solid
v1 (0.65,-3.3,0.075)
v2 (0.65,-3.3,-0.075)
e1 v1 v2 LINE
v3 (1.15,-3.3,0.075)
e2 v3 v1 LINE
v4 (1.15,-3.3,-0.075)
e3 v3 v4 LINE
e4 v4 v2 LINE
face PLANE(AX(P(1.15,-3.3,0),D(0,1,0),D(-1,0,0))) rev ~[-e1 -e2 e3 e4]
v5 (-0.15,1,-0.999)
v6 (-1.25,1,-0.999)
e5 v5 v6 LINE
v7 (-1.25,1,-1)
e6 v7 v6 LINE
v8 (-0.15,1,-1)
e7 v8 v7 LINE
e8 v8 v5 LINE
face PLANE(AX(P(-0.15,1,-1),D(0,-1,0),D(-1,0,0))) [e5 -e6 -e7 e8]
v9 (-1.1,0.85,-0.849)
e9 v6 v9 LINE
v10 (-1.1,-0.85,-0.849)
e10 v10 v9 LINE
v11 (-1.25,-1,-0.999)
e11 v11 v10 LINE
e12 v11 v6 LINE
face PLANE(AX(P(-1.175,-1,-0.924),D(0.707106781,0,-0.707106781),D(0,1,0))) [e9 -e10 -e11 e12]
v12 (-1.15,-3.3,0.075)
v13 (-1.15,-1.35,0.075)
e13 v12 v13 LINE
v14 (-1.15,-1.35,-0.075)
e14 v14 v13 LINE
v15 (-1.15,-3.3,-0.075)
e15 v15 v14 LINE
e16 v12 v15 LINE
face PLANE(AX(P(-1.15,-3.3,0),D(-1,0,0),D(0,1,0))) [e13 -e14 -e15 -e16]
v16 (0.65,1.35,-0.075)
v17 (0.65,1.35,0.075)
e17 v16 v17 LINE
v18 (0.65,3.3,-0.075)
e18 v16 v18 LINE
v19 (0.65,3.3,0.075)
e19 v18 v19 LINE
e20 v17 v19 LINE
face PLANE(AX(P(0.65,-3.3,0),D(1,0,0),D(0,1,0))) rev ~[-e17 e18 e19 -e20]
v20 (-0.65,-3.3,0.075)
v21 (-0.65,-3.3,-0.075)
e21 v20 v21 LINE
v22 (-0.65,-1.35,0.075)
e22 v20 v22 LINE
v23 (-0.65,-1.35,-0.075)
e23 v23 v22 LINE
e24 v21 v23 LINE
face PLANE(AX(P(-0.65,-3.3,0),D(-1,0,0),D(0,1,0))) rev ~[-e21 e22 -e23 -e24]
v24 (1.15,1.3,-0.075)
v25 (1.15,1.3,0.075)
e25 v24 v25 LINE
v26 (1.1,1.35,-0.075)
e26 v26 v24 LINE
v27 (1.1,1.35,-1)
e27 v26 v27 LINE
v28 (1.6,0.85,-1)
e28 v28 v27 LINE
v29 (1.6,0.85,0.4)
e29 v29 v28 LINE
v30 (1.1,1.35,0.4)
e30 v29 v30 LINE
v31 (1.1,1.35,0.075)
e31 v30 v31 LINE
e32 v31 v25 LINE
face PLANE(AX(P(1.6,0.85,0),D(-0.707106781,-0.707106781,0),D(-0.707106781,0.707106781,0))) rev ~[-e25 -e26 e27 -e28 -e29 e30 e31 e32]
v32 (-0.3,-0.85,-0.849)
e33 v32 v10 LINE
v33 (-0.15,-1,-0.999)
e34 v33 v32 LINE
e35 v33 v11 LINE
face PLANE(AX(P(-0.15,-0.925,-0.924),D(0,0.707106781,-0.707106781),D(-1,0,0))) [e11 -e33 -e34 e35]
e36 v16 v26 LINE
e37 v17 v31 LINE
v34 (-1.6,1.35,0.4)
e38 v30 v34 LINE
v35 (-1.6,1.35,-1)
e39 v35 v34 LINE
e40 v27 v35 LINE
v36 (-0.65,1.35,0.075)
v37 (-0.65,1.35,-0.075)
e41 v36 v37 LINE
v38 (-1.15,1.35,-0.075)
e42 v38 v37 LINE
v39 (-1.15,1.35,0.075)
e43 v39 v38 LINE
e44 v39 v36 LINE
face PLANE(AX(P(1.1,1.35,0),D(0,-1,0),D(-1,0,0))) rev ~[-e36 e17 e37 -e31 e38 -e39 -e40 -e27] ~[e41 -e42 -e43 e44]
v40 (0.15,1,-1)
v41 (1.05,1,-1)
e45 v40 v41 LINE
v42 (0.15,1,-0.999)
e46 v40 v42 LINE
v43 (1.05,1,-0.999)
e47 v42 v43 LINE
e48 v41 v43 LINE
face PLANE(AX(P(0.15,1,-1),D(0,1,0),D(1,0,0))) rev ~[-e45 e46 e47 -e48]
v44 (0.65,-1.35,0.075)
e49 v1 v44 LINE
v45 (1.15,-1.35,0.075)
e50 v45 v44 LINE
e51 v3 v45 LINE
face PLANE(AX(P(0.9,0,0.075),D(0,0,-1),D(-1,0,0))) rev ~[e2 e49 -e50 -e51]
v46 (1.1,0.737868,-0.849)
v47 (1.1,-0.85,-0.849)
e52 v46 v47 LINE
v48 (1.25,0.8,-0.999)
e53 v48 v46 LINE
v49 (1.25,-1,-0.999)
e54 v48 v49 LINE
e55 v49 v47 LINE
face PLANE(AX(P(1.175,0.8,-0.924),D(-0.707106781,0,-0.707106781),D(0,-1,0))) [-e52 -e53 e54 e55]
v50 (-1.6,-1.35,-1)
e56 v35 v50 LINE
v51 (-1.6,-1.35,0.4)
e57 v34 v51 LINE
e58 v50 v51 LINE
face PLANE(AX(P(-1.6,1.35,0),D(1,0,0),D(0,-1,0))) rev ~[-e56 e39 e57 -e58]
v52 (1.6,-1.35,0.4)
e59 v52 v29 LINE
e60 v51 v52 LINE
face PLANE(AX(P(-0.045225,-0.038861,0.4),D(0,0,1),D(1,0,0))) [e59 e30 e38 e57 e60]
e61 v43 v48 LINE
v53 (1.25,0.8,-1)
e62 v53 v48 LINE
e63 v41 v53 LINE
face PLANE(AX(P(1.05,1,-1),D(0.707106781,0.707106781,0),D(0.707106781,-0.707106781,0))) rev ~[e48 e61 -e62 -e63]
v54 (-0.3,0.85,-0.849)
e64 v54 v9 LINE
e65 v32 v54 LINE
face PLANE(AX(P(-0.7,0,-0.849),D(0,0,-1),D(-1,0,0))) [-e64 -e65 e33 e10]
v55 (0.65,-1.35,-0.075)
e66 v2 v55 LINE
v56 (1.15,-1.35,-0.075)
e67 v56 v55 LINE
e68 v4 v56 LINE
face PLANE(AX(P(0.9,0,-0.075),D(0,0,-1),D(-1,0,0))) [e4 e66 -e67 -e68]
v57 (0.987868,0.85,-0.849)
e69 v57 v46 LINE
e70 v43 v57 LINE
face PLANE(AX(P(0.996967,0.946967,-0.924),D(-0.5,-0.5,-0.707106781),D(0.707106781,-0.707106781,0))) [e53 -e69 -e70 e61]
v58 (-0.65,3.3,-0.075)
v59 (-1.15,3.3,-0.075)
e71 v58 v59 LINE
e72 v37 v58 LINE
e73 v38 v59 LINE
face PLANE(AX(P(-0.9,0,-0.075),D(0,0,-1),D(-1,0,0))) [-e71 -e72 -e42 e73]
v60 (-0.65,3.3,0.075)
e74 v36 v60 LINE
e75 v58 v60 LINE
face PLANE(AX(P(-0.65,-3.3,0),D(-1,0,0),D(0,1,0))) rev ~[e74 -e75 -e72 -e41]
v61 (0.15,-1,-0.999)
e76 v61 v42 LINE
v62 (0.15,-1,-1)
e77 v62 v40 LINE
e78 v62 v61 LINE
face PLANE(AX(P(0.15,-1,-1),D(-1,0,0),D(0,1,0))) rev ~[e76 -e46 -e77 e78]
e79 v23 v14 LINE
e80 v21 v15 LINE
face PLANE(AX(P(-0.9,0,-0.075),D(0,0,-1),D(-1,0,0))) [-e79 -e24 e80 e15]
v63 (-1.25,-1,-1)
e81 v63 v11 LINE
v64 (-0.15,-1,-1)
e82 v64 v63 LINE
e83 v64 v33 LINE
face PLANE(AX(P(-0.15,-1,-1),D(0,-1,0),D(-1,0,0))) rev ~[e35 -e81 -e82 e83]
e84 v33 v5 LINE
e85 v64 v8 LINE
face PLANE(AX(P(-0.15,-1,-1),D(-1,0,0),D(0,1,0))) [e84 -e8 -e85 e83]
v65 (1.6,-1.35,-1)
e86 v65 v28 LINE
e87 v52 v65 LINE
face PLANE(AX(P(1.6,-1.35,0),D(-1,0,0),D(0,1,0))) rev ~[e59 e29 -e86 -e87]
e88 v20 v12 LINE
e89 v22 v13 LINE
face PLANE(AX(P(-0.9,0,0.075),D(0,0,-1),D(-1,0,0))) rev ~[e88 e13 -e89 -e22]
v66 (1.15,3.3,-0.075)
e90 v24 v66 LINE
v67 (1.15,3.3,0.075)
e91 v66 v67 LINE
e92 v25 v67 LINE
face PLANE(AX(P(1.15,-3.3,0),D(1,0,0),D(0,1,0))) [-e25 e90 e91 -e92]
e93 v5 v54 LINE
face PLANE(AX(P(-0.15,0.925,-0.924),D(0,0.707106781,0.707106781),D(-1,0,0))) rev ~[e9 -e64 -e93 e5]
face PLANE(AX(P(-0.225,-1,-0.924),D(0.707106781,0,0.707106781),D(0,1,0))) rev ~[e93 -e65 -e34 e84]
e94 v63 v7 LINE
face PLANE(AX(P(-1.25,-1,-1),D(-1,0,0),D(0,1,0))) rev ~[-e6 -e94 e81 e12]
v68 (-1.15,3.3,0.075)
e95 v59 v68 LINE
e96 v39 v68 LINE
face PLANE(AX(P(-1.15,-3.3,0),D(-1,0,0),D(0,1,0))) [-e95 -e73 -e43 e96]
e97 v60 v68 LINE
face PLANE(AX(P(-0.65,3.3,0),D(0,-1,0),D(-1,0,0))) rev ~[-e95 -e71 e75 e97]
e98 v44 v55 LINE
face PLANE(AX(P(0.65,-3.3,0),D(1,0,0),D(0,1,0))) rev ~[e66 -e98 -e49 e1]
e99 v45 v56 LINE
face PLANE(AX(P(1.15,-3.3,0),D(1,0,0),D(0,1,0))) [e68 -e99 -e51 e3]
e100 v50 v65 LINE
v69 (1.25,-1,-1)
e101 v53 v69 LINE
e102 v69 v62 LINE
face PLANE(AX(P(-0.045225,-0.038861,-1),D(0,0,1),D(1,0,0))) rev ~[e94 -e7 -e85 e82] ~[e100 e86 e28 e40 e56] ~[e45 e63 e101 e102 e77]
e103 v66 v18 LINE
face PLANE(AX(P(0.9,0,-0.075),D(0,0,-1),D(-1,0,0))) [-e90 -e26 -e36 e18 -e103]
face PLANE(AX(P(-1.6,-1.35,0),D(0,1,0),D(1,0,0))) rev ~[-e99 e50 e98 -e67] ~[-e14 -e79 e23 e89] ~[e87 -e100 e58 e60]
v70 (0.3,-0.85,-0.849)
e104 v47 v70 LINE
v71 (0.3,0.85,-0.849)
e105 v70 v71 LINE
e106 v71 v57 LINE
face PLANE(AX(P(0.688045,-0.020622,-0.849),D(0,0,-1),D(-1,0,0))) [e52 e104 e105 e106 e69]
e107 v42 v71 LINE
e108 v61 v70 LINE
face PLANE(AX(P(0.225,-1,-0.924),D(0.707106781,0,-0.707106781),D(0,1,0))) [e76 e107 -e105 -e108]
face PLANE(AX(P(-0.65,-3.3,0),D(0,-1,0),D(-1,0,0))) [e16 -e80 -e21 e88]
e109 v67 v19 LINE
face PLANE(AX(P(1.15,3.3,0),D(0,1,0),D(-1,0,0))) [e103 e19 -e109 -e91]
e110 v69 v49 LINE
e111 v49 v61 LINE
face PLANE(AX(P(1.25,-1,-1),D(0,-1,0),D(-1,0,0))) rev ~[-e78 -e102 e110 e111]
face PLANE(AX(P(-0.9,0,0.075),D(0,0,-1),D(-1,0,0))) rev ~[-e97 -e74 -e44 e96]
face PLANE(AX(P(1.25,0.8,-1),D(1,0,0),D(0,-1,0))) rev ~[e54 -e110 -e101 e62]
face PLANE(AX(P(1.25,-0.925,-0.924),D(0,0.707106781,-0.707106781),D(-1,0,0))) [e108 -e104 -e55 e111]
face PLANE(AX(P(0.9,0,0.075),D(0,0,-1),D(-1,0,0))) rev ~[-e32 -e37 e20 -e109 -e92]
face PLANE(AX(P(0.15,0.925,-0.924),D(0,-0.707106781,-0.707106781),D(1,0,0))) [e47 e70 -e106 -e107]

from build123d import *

# Parameters (mm, degrees)
SKETCH002_W                   = 0.5
SKETCH002_H                   = 6.6
PAD001_DEPTH                  = 0.075
PAD_DEPTH                     = 1
PAD_DEPTH_BACK                = 0.4
SKETCH001_W                   = 1.1
SKETCH001_H                   = 2
POCKET_DEPTH                  = 0.151
CHAMFER_SIZE                  = 0.15
CHAMFER_MP_CP_PLACEMENT_ANGLE = 180


with BuildPart() as pad001:
    # Sketch002 → Pad001 (new body, symmetric)
    with BuildSketch(Plane.XY):
        with Locations((-0.9, 0)):
            Rectangle(SKETCH002_W, SKETCH002_H)
        with Locations((0.9, 0)):
            Rectangle(SKETCH002_W, SKETCH002_H)
    extrude(amount=PAD001_DEPTH, both=True)


with BuildPart() as everlight_itr8307_reverse:
    # Sketch → Pad (new body, two sides)
    with BuildSketch(Plane.XY) as pad_sk:
        Polygon((-1.1, 1.35), (1.6, 1.35), (1.6, -1.35), (-1.6, -1.35), (-1.6, 0.85), align=None)
    extrude(amount=PAD_DEPTH)
    extrude(pad_sk.sketch, amount=-PAD_DEPTH_BACK)

    # Sketch001 → Pocket (cut)
    with BuildSketch(Plane.XY.offset(1)):
        Polygon((-1.25, -1), (-0.15, -1), (-0.15, 1), (-1.05, 1), (-1.25, 0.8), align=None)
        with Locations((0.7, 0)):
            Rectangle(SKETCH001_W, SKETCH001_H)
    extrude(amount=-POCKET_DEPTH, mode=Mode.SUBTRACT)

    # Chamfer
    chamfer_edges = [everlight_itr8307_reverse.edges().sort_by_distance(p)[0] for p in [
        (-1.15, 0.9, 0.849),
        (-0.6, 1, 0.849),
        (-1.25, -0.1, 0.849),
        (0.15, 0, 0.849),
        (0.7, 1, 0.849),
        (1.25, 0, 0.849),
        (-0.15, 0, 0.849),
        (0.7, -1, 0.849),
        (-0.7, -1, 0.849),
    ]]
    chamfer(chamfer_edges, length=CHAMFER_SIZE)

    # Chamfer_mp_cp: union Pad001
    add(pad001.part)


with BuildPart() as everlight_itr8307_reverse_1:
    # Chamfer_mp_cp placement: moved
    add(everlight_itr8307_reverse.part.rotate(Axis((0, 0, 0), (0, 1, 0)), CHAMFER_MP_CP_PLACEMENT_ANGLE))


solid = everlight_itr8307_reverse_1.part
